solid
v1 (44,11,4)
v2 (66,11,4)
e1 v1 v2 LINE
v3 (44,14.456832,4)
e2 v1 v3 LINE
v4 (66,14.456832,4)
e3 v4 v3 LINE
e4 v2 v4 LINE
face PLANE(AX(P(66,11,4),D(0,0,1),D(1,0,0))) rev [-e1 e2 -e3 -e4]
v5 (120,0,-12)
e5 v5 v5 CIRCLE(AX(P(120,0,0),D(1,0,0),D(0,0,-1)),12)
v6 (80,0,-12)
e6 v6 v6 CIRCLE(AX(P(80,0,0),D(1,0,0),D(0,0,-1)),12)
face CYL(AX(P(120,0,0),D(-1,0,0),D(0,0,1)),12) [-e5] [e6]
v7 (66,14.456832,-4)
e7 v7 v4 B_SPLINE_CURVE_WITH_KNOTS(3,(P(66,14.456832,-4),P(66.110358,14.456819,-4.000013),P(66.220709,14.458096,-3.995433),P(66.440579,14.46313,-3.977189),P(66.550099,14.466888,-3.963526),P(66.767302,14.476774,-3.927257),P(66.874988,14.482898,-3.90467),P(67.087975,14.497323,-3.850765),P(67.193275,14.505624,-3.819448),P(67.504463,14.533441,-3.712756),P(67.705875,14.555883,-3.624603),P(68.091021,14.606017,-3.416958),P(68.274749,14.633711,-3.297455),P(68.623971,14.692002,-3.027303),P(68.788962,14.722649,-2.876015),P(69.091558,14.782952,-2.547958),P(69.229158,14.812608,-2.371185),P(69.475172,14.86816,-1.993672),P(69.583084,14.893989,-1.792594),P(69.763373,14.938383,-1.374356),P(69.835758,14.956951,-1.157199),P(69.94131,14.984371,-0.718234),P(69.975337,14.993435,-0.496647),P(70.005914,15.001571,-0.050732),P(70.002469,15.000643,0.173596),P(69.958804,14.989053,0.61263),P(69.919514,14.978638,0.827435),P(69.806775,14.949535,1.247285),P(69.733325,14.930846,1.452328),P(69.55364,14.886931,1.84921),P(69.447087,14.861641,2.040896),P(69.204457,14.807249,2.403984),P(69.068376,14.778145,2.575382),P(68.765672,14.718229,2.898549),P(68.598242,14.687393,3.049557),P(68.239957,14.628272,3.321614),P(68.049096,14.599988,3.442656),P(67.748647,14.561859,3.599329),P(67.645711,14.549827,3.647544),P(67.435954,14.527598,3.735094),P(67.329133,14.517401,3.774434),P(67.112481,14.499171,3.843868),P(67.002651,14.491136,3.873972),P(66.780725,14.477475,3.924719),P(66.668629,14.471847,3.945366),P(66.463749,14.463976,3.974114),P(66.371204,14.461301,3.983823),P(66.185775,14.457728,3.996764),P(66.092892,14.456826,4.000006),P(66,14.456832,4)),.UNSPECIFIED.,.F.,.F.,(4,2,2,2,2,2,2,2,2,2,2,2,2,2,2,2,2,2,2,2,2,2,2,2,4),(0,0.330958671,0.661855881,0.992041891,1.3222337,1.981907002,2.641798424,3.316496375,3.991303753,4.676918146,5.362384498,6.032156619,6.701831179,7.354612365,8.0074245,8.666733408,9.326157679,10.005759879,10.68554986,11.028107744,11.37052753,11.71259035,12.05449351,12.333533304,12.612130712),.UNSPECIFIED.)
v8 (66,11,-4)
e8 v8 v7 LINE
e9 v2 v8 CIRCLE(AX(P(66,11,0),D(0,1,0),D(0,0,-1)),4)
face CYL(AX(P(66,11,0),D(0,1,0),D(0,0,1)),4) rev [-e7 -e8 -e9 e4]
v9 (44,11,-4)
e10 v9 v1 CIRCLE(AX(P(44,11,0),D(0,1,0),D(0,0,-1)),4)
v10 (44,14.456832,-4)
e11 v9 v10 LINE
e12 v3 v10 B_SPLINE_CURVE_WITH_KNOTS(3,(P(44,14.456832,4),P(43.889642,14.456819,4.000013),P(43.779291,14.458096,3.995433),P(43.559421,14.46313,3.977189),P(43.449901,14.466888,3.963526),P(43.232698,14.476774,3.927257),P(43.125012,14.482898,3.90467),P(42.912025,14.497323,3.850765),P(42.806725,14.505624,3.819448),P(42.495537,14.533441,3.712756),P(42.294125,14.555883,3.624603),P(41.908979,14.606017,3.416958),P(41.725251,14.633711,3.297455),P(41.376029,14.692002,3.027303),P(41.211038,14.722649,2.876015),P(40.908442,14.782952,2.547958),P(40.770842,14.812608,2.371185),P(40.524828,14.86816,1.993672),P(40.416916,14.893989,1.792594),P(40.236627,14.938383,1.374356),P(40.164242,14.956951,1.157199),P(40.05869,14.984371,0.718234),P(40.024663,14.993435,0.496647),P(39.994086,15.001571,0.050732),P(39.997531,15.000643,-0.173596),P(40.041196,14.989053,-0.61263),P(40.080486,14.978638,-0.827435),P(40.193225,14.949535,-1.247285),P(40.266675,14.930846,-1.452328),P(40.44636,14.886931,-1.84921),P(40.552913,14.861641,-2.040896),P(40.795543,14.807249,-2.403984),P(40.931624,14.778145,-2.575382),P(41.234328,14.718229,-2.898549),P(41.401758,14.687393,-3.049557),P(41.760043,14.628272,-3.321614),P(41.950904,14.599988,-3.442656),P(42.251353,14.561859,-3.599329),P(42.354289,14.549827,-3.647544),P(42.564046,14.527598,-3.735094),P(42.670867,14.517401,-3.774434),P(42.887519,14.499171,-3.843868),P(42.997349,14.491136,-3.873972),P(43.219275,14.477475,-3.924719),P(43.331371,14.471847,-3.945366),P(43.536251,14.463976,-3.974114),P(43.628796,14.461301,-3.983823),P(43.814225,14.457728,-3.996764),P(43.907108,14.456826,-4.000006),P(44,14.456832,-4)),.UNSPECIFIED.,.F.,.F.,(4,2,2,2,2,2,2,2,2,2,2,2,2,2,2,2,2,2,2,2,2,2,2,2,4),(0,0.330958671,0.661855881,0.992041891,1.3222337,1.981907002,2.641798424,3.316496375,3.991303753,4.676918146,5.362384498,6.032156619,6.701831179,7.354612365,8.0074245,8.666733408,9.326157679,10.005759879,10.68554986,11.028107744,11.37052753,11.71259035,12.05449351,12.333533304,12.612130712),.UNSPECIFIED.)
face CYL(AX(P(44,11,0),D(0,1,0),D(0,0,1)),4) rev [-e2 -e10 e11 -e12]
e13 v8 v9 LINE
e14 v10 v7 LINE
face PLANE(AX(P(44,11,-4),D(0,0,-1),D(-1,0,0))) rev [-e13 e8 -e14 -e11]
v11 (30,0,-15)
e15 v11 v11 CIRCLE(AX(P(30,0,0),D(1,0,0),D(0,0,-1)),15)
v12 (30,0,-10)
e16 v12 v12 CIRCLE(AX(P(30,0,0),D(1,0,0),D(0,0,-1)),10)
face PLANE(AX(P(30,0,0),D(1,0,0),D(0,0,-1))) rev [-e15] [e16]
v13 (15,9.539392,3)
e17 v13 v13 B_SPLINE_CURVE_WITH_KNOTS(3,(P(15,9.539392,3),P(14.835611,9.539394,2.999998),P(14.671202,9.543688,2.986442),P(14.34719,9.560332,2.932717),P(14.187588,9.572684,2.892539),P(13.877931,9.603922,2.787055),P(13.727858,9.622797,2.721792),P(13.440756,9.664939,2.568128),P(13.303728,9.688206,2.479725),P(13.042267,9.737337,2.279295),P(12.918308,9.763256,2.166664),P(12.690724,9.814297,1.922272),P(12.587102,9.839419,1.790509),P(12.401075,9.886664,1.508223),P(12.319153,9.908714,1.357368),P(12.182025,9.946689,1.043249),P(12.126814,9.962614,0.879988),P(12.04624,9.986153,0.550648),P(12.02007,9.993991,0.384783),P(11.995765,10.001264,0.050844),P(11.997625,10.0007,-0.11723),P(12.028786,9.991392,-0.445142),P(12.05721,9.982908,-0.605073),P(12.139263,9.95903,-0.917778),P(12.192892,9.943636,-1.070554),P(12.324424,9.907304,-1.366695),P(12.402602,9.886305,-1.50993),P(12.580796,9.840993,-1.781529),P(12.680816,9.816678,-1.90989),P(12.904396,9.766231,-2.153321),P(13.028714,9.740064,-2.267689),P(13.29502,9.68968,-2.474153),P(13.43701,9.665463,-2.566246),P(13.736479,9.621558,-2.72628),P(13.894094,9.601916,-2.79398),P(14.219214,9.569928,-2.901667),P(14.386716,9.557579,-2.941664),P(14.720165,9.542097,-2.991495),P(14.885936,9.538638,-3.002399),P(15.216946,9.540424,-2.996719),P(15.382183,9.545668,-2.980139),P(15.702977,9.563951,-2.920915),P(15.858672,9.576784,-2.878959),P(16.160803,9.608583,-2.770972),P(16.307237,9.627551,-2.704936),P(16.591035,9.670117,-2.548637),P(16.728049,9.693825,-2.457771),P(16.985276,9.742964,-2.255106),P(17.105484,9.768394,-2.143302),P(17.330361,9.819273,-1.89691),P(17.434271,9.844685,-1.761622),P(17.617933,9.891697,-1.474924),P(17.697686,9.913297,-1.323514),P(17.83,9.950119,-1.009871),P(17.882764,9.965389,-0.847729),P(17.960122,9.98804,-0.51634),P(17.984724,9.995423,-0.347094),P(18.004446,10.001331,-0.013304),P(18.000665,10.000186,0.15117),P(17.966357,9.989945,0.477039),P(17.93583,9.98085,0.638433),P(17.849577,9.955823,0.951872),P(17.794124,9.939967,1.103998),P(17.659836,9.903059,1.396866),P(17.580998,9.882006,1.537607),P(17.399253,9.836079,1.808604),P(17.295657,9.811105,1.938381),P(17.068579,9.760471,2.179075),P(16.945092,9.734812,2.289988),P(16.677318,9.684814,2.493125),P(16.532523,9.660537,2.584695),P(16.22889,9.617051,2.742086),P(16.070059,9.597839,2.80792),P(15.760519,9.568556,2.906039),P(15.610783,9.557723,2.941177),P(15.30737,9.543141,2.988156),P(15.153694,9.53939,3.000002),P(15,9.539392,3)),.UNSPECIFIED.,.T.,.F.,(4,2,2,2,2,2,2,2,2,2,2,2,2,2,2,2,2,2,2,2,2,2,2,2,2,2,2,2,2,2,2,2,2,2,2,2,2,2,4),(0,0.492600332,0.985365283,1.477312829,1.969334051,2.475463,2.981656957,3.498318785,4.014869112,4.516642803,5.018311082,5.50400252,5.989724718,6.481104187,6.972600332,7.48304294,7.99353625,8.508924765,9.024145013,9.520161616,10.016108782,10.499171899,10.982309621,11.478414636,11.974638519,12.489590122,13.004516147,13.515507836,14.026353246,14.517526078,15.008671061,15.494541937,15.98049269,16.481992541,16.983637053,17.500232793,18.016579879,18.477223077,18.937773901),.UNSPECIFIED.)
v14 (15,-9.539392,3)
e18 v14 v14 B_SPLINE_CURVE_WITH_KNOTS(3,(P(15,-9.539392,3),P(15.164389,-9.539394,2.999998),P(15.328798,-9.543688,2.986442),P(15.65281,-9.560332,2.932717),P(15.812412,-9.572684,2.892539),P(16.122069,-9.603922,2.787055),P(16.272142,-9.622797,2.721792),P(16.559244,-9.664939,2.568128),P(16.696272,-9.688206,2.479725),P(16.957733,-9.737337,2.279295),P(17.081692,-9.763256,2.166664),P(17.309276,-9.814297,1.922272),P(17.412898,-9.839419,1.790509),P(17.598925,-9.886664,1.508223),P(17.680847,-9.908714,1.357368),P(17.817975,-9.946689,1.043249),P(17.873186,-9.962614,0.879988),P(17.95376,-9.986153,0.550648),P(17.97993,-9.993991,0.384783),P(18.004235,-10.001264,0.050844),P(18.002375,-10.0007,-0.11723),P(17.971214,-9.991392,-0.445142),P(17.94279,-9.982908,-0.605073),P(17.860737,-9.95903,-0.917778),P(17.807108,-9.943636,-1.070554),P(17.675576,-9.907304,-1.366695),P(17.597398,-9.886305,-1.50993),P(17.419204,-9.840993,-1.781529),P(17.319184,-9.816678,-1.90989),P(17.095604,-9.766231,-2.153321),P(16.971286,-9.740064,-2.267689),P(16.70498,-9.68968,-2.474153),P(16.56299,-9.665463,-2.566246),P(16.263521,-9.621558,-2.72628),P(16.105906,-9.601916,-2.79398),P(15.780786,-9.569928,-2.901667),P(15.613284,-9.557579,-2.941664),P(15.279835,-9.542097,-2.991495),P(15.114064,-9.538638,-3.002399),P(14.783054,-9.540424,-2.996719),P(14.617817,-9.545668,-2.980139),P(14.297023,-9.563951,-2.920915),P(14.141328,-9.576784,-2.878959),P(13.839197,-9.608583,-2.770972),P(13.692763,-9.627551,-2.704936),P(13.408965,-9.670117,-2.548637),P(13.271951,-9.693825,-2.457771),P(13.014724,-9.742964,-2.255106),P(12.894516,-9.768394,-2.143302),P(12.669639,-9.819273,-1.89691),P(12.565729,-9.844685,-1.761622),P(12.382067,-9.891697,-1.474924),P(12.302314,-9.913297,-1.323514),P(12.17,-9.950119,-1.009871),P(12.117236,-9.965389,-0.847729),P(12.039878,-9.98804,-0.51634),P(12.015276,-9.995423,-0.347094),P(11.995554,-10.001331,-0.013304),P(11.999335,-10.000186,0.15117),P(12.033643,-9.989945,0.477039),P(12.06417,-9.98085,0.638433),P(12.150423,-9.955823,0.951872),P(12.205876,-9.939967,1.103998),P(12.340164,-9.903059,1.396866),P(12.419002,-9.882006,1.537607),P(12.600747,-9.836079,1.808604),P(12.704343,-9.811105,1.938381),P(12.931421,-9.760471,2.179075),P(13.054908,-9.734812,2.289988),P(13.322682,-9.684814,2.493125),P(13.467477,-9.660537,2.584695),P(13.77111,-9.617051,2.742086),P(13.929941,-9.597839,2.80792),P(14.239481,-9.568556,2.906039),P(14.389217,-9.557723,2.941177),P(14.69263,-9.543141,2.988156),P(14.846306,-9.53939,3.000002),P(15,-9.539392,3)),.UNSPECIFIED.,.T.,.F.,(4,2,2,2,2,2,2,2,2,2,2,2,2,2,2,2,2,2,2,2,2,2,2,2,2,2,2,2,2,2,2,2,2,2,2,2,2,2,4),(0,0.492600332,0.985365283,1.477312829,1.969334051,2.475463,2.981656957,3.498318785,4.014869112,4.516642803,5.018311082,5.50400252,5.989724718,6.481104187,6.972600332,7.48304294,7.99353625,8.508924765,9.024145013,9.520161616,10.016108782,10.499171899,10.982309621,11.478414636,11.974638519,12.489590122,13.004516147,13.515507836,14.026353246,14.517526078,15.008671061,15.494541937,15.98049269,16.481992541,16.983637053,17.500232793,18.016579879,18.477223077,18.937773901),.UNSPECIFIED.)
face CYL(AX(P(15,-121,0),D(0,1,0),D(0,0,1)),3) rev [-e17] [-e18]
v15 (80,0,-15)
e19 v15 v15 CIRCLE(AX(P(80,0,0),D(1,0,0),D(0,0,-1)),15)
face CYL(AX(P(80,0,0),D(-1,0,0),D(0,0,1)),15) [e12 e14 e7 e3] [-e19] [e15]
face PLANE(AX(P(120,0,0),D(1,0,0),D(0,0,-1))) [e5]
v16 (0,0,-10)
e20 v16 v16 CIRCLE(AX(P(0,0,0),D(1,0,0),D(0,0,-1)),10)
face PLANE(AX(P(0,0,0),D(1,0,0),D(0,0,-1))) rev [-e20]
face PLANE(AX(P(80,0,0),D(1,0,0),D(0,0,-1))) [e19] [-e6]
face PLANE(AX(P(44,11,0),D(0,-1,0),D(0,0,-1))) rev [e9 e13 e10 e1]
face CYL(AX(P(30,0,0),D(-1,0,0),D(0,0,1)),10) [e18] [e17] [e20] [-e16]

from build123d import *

# Parameters (mm, degrees)
SKETCH_1_R          = 10
EXTRUDE_1_DEPTH     = 30
SKETCH_2_R          = 15
EXTRUDE_2_DEPTH     = 50
SKETCH_3_R          = 12
EXTRUDE_3_DEPTH     = 40
CUT_EXTRUDE_1_DEPTH = 4
SKETCH_5_R          = 3
CUT_EXTRUDE_2_DEPTH = 121


with BuildPart() as part:
    # 草图1 → 凸台-拉伸1 (new body)
    with BuildSketch(Plane(origin=(0, 0, 0), x_dir=(0, 0, -1), z_dir=(1, 0, 0))):
        Circle(SKETCH_1_R)
    extrude(amount=EXTRUDE_1_DEPTH)

    # 草图2 → 凸台-拉伸2 (add)
    with BuildSketch(Plane(origin=(30, 0, 0), x_dir=(0, 0, -1), z_dir=(1, 0, 0))):
        Circle(SKETCH_2_R)
    extrude(amount=EXTRUDE_2_DEPTH)

    # 草图3 → 凸台-拉伸3 (add)
    with BuildSketch(Plane(origin=(80, 0, 0), x_dir=(0, 0, -1), z_dir=(1, 0, 0))):
        Circle(SKETCH_3_R)
    extrude(amount=EXTRUDE_3_DEPTH)

    # 草图4 → 切除-拉伸1 (cut)
    with BuildSketch(Plane(origin=(0, 15, 0), x_dir=(1, 0, 0), z_dir=(0, 1, 0))):
        with BuildLine():
            Line((44, 4), (66, 4))
            ThreePointArc((66, 4), (70, 0), (66, -4))
            Line((66, -4), (44, -4))
            ThreePointArc((44, -4), (40, 0), (44, 4))
        make_face()
    extrude(amount=-CUT_EXTRUDE_1_DEPTH, mode=Mode.SUBTRACT)

    # 草图5 → 切除-拉伸2 (cut, symmetric)
    with BuildSketch(Plane(origin=(0, 0, 0), x_dir=(1, 0, 0), z_dir=(0, 1, 0))):
        with Locations(Location((15, 0, 0), (0, 0, 270))):
            Circle(SKETCH_5_R)
    extrude(amount=CUT_EXTRUDE_2_DEPTH, both=True, mode=Mode.SUBTRACT)


solid = part.part
